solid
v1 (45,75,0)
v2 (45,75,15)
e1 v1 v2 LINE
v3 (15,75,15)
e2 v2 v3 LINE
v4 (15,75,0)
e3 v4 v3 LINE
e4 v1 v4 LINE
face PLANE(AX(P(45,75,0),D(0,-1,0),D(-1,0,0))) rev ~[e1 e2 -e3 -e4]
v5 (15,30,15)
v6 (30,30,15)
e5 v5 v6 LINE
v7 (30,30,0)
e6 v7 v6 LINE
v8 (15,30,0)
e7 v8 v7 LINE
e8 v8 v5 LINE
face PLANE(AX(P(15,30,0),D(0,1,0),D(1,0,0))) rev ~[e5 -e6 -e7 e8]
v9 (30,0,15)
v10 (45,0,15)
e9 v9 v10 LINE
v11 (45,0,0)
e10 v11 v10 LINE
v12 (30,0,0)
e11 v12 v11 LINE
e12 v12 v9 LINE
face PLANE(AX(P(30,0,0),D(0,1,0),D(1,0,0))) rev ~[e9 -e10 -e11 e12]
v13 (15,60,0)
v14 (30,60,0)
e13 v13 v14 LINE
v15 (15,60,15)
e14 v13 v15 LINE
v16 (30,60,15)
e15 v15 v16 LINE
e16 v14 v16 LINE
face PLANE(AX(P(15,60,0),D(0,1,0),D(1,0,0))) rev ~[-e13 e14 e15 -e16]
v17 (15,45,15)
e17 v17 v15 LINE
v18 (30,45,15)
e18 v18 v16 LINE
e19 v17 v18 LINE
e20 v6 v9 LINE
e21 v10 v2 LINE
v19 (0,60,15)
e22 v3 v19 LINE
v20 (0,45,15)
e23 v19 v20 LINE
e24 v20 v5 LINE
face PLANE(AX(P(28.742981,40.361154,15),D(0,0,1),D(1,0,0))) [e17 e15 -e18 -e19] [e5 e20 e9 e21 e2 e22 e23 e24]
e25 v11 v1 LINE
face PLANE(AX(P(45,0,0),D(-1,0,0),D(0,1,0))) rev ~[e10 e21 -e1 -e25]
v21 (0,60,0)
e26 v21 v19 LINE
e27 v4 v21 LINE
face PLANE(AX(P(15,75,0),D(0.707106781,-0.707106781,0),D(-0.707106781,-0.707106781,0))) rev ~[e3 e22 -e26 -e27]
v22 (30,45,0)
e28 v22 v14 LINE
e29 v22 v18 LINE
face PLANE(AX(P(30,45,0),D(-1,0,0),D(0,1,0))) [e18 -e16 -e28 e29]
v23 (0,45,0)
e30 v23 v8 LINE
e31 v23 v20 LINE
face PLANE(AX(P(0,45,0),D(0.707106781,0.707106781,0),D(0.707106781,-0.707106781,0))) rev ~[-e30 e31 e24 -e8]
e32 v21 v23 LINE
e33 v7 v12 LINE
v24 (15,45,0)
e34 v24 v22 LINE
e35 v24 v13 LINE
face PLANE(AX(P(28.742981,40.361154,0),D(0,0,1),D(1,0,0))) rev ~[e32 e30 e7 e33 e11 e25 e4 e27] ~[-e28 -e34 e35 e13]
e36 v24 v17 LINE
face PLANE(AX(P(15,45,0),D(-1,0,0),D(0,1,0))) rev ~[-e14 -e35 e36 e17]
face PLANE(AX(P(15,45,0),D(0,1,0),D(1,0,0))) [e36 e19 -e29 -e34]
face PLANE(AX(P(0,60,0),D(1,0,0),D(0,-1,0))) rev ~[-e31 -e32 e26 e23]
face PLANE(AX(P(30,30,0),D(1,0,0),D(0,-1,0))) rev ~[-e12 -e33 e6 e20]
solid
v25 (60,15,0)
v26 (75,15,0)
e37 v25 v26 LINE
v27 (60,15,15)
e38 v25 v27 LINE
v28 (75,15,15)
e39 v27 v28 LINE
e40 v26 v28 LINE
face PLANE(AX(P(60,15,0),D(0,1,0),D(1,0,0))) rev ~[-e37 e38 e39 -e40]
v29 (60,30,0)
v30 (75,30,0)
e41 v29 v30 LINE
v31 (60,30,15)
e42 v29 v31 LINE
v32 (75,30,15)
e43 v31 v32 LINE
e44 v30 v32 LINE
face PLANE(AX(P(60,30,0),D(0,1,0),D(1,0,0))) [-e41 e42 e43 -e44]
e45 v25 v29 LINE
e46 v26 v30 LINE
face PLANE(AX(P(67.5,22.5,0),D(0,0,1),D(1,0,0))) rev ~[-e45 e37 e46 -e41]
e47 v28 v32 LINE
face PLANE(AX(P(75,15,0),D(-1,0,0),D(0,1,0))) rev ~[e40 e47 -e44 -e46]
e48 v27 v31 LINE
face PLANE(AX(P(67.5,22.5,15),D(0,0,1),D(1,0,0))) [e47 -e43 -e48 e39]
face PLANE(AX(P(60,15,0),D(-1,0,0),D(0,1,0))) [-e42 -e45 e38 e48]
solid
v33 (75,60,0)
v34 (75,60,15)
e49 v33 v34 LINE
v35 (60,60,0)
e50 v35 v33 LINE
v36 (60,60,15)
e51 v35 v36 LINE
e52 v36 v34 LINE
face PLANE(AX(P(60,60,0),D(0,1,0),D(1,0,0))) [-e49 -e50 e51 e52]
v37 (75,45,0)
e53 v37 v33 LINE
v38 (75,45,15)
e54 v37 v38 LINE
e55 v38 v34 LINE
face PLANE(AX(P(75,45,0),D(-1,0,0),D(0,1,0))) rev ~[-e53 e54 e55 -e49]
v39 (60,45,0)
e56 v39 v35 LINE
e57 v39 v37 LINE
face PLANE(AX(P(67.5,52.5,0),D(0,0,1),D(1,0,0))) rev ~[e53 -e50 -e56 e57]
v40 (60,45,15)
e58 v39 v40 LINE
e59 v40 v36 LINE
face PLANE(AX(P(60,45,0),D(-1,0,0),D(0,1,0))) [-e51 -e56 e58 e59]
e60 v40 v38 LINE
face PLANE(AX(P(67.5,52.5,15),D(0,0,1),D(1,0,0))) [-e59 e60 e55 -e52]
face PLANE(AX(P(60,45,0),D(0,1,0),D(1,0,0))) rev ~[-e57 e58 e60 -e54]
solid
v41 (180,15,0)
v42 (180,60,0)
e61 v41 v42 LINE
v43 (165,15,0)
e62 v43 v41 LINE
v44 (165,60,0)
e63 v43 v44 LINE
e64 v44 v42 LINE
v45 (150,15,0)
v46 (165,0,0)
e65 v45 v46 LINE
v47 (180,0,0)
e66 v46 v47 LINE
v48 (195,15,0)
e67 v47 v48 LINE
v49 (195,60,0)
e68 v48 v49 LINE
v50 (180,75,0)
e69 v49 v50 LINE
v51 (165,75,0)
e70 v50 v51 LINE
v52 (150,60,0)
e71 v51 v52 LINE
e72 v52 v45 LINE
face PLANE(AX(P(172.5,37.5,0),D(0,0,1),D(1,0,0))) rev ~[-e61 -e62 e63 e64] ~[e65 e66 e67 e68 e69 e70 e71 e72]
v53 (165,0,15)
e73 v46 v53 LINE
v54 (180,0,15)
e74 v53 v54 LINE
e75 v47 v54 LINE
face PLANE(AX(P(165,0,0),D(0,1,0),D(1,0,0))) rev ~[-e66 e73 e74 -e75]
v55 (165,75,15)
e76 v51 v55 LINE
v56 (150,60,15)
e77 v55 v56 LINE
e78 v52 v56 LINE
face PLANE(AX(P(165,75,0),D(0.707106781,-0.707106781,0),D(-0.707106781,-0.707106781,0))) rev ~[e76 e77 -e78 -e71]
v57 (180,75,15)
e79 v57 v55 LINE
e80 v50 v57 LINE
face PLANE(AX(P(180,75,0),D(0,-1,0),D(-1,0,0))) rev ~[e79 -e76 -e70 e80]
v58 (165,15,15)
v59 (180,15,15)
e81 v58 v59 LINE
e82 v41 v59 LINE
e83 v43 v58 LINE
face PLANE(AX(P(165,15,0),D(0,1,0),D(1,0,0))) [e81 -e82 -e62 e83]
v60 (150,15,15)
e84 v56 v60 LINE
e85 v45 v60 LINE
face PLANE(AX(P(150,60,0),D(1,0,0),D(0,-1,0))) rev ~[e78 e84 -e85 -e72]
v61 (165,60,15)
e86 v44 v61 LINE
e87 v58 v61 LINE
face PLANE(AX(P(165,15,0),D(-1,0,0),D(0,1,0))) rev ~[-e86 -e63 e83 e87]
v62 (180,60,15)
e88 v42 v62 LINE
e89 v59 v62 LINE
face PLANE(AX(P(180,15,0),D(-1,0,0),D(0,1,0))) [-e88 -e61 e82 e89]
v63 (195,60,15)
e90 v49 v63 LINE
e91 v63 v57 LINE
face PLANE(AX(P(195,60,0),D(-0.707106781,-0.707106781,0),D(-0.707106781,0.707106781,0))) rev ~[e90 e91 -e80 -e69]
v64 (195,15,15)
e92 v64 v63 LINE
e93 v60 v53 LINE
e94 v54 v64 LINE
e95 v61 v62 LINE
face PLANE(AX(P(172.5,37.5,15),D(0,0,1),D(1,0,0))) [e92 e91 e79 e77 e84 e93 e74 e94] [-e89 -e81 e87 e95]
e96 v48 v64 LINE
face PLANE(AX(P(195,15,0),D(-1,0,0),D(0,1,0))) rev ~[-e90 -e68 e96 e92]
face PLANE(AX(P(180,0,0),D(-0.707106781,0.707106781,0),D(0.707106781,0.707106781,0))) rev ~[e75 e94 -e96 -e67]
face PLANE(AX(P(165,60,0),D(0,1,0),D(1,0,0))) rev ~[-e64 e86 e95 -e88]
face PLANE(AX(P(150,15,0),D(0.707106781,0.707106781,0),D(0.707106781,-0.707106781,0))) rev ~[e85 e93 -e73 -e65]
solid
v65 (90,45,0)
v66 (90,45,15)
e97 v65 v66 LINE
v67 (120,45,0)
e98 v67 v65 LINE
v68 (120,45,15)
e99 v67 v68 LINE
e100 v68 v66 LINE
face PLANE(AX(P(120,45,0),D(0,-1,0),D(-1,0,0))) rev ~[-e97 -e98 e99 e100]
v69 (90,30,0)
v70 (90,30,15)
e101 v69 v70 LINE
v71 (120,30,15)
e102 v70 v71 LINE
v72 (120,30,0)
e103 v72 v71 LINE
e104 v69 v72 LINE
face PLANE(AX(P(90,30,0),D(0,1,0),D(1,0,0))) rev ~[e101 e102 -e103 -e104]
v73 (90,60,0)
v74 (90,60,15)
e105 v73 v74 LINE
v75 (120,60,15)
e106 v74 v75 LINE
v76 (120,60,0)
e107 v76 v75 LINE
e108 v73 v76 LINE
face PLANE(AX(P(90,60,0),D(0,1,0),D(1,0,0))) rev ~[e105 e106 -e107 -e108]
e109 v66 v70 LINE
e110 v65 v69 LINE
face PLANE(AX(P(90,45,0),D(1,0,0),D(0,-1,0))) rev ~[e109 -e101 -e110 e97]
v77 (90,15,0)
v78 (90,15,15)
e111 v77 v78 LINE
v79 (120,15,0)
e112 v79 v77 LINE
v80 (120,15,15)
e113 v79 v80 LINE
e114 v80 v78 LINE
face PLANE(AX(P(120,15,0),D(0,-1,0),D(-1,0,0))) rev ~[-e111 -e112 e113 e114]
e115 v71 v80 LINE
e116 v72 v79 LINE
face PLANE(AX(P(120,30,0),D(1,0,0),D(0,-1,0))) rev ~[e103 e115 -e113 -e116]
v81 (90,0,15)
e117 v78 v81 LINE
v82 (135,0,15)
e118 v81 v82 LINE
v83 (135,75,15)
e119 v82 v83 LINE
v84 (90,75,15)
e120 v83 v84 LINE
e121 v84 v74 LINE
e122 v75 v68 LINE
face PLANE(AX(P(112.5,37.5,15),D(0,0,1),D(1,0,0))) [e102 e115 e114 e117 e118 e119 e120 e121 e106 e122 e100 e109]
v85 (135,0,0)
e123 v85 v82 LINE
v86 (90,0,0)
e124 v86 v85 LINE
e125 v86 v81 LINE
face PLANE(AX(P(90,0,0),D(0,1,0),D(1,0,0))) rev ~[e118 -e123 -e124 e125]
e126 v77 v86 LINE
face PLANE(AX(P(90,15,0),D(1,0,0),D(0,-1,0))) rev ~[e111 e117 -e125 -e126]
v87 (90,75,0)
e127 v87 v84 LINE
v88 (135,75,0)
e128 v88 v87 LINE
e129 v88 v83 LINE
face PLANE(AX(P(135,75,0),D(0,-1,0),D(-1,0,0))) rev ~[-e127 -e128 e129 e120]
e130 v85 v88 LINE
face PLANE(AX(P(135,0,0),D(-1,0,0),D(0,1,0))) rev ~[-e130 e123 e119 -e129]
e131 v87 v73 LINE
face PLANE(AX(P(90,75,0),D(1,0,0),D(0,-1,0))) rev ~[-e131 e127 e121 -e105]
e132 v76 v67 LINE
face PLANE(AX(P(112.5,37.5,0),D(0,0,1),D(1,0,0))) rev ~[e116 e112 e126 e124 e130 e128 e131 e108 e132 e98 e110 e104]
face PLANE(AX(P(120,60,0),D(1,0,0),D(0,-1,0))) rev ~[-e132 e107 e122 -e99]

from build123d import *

# Parameters (mm, degrees)
SKETCH1_W        = 15
SKETCH1_H        = 15
EXTRUDE1_DEPTH   = 15
EXTRUDE1_2_DEPTH = 15
SKETCH1_H_2      = 45
EXTRUDE1_3_DEPTH = 15
EXTRUDE1_4_DEPTH = 15
EXTRUDE1_5_DEPTH = 15


with BuildPart() as part:
    # Sketch1 → Extrude1 (new body)
    with BuildSketch(Plane.XY):
        Polygon((30, 0), (45, 0), (45, 75), (15, 75), (0, 60), (0, 45), (15, 30), (30, 30), align=None)
        with Locations((22.5, 52.5)):
            Rectangle(SKETCH1_W, SKETCH1_H, mode=Mode.SUBTRACT)
    extrude(amount=EXTRUDE1_DEPTH)


with BuildPart() as body_2:
    # Sketch1 → Extrude1 2 (new body)
    with BuildSketch(Plane.XY):
        Polygon((90, 0), (135, 0), (135, 75), (90, 75), (90, 60), (120, 60), (120, 45), (90, 45), (90, 30), (120, 30), (120, 15), (90, 15), align=None)
    extrude(amount=EXTRUDE1_2_DEPTH)


with BuildPart() as body_3:
    # Sketch1 → Extrude1 3 (new body)
    with BuildSketch(Plane.XY):
        Polygon((195, 15), (195, 60), (180, 75), (165, 75), (150, 60), (150, 15), (165, 0), (180, 0), align=None)
        with Locations((172.5, 37.5)):
            Rectangle(SKETCH1_W, SKETCH1_H_2, mode=Mode.SUBTRACT)
    extrude(amount=EXTRUDE1_3_DEPTH)


with BuildPart() as body_4:
    # Sketch1 → Extrude1 4 (new body)
    with BuildSketch(Plane.XY):
        with Locations((67.5, 22.5)):
            Rectangle(SKETCH1_W, SKETCH1_H)
    extrude(amount=EXTRUDE1_4_DEPTH)


with BuildPart() as body_5:
    # Sketch1 → Extrude1 5 (new body)
    with BuildSketch(Plane.XY):
        with Locations((67.5, 52.5)):
            Rectangle(SKETCH1_W, SKETCH1_H)
    extrude(amount=EXTRUDE1_5_DEPTH)


solid = Compound([part.part, body_2.part, body_3.part, body_4.part, body_5.part])
